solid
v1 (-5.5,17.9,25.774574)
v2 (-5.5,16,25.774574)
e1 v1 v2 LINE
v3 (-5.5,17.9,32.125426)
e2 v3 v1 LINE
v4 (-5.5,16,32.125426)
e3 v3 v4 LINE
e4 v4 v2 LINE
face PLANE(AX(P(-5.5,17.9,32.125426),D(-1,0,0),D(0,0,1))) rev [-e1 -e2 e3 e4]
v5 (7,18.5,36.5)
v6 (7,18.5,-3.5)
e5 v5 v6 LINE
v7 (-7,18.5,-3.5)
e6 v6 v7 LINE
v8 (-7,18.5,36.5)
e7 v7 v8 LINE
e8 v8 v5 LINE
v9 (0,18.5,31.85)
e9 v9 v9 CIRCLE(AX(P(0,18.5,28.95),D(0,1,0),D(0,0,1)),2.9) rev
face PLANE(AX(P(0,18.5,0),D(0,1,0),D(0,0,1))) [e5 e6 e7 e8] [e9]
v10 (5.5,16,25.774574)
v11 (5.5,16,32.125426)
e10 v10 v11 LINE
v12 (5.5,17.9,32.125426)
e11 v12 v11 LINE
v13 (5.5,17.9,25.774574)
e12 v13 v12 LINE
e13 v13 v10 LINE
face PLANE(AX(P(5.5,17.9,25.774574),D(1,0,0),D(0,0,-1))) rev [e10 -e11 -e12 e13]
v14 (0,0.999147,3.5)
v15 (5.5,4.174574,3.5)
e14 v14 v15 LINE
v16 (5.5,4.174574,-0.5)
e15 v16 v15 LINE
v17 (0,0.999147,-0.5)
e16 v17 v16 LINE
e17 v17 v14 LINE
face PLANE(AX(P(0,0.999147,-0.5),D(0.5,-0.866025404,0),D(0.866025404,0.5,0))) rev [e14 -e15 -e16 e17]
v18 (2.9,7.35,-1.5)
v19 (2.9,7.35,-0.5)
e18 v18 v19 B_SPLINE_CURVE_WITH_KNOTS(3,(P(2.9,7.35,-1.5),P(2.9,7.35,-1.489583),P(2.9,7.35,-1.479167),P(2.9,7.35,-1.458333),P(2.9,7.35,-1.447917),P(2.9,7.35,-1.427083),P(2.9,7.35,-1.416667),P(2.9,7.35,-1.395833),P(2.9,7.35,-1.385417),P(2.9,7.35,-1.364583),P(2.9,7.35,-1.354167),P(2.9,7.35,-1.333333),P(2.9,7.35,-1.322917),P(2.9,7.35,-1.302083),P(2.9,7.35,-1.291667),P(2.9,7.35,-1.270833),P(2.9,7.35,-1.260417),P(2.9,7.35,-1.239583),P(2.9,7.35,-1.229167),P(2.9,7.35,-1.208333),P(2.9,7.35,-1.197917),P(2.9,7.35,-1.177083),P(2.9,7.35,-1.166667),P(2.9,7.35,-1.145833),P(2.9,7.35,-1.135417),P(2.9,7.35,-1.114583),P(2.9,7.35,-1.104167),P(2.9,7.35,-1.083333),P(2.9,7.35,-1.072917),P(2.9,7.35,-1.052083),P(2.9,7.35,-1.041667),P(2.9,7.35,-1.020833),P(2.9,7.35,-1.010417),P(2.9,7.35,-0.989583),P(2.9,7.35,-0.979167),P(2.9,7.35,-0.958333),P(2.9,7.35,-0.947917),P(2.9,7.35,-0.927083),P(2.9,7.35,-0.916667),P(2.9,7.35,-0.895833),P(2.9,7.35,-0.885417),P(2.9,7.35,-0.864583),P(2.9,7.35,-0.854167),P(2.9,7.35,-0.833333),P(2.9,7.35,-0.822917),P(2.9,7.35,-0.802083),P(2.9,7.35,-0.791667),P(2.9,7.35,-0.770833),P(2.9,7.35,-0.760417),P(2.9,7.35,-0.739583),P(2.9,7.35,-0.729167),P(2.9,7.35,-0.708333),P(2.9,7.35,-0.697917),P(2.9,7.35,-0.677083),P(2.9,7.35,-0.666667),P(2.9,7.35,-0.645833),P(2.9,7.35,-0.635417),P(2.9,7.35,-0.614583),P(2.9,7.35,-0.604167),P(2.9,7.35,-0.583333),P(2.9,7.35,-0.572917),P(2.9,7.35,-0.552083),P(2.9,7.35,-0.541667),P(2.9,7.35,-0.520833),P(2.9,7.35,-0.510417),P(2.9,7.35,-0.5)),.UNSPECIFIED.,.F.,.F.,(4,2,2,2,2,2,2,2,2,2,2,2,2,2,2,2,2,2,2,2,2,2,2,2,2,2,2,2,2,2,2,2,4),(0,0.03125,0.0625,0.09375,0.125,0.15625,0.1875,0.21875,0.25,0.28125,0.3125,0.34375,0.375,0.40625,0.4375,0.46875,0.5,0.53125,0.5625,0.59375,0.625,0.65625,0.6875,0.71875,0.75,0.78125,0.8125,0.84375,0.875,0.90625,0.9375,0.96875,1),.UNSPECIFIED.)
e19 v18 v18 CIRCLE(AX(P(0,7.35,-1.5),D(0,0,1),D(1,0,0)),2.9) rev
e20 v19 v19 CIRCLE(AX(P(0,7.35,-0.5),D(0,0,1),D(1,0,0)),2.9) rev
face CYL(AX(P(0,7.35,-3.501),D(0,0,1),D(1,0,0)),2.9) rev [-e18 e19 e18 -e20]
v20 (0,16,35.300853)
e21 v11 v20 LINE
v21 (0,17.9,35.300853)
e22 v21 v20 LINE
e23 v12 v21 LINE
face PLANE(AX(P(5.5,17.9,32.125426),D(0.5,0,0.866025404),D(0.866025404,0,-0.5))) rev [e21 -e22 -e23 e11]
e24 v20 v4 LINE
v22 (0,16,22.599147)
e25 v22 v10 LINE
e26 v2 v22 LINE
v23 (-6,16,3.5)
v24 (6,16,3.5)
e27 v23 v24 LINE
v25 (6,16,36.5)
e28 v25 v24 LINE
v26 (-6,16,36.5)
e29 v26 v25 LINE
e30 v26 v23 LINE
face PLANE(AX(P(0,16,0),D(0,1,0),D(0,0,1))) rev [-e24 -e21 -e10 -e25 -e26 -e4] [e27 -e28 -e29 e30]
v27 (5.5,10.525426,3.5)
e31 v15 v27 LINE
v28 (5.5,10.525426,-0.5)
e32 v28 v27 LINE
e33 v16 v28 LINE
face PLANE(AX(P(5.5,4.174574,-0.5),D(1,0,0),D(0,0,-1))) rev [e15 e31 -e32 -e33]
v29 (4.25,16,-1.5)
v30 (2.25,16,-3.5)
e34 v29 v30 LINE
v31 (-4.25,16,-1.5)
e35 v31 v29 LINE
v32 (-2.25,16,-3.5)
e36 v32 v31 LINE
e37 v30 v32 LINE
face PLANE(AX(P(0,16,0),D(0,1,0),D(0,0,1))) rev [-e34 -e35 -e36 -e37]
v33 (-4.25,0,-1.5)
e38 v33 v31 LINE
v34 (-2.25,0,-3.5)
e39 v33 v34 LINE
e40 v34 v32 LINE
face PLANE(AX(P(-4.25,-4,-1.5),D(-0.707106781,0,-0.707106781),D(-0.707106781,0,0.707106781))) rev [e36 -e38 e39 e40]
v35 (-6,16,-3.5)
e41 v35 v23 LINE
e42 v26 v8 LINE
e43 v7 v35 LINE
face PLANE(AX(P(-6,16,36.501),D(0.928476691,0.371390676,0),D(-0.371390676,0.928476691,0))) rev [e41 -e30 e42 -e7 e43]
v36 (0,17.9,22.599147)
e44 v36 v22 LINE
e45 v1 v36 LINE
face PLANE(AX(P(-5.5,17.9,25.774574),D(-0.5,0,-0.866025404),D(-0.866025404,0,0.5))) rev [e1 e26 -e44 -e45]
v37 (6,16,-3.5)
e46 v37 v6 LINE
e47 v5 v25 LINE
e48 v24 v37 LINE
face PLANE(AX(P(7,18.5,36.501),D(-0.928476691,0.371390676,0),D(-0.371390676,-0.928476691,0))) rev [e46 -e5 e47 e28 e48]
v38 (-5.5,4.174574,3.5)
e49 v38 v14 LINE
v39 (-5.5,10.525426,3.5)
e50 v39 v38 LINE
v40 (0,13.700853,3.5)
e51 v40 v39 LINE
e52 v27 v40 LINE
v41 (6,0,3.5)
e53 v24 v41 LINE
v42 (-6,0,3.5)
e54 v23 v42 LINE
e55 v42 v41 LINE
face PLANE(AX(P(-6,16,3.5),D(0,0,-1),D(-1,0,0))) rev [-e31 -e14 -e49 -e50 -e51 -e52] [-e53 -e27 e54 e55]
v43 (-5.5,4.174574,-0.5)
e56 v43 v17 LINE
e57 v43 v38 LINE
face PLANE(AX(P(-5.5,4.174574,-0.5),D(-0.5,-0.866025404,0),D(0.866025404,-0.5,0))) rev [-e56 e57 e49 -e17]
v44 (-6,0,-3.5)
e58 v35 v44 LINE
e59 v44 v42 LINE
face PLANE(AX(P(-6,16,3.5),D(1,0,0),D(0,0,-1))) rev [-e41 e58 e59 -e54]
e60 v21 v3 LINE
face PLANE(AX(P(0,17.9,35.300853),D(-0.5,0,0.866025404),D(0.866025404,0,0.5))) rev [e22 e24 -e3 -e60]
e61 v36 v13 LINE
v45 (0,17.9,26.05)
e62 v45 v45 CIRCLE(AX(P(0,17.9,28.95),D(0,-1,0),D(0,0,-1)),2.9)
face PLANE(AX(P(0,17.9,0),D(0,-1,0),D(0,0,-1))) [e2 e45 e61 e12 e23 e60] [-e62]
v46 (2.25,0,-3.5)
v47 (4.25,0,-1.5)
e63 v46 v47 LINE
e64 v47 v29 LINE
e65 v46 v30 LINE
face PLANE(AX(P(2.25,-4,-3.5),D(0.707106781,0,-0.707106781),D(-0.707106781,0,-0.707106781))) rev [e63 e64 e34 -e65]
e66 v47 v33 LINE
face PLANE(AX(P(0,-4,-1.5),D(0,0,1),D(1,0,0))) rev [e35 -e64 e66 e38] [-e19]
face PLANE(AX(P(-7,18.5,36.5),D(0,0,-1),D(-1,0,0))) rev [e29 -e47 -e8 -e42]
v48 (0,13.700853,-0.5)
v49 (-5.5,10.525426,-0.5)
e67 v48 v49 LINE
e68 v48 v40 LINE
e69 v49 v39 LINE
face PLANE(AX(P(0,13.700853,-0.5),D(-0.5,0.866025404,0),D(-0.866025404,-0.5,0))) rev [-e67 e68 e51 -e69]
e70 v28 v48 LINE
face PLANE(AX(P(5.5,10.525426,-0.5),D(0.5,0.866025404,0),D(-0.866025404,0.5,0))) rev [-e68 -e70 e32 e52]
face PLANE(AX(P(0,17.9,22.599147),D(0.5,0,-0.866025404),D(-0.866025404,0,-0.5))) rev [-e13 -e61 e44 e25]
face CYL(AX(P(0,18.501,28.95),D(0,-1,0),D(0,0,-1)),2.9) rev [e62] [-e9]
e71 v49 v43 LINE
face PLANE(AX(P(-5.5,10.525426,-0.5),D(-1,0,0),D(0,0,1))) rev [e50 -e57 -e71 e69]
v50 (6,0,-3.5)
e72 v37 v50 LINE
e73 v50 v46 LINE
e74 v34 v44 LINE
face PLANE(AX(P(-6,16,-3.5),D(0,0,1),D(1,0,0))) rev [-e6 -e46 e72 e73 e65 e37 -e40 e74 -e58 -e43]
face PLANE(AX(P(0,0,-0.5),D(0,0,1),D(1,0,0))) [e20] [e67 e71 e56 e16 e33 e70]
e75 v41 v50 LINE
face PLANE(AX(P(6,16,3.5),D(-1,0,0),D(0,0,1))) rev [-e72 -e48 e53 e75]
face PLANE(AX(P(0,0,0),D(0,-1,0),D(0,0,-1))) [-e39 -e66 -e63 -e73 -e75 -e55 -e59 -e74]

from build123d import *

# Parameters (mm, degrees)
SKETCH1_W           = 12
SKETCH1_H           = 7
BOSS_EXTRUDE1_DEPTH = 16
CUT_EXTRUDE1_DEPTH  = 20
CUT_EXTRUDE2_REACH  = 20.466
SKETCH3_R           = 2.9
CUT_EXTRUDE3_DEPTH  = 4
SKETCH5_W           = 14
SKETCH5_H           = 40
BOSS_EXTRUDE2_DEPTH = 2.5
CUT_EXTRUDE4_REACH  = 46.623
CUT_EXTRUDE6_DEPTH  = 1.9
CUT_EXTRUDE7_REACH  = 43.251
SKETCH9_R           = 2.9


with BuildPart() as part:
    # Sketch1 → Boss-Extrude1 (new body)
    with BuildSketch(Plane(origin=(0, 0, 0), x_dir=(1, 0, 0), z_dir=(0, 1, 0))):
        Rectangle(SKETCH1_W, SKETCH1_H)
    extrude(amount=BOSS_EXTRUDE1_DEPTH)

    # Sketch2 → Cut-Extrude1 (cut)
    with BuildSketch(Plane(origin=(0, 16, 0), x_dir=(1, 0, 0), z_dir=(0, 1, 0))):
        Polygon((0, 3.5), (2.25, 3.5), (4.25, 1.5), (0, 1.5), (-4.25, 1.5), (-2.25, 3.5), align=None)
    extrude(amount=-CUT_EXTRUDE1_DEPTH, mode=Mode.SUBTRACT)

    # Sketch3 → Cut-Extrude2 (cut, up to next)
    with BuildSketch(Plane.XY.offset(3.5), mode=Mode.PRIVATE) as cut_extrude2_sk1:
        with Locations((0, 7.35)):
            Circle(SKETCH3_R)
    cut_extrude2_tool1 = extrude(cut_extrude2_sk1.sketch, amount=-CUT_EXTRUDE2_REACH, mode=Mode.PRIVATE) & part.part
    add(cut_extrude2_tool1.solids().sort_by_distance((0, 7.35, 3.5))[0], mode=Mode.SUBTRACT)

    # Sketch4 → Cut-Extrude3 (cut)
    with BuildSketch(Plane.XY.offset(3.5)):
        Polygon((0, 13.700852961), (-5.5, 10.525426481), (-5.5, 4.174573519), (0, 0.999147039), (5.5, 4.174573519), (5.5, 10.525426481), align=None)
    extrude(amount=-CUT_EXTRUDE3_DEPTH, mode=Mode.SUBTRACT)

    # Sketch5 → Boss-Extrude2 (add)
    with BuildSketch(Plane(origin=(0, 16, 0), x_dir=(1, 0, 0), z_dir=(0, 1, 0))):
        with Locations((0, -16.5)):
            Rectangle(SKETCH5_W, SKETCH5_H)
    extrude(amount=BOSS_EXTRUDE2_DEPTH)

    # Sketch6 → Cut-Extrude4 (cut, up to next)
    with BuildSketch(Plane(origin=(0, 0, -3.5), x_dir=(-1, 0, 0), z_dir=(0, 0, -1)), mode=Mode.PRIVATE) as cut_extrude4_sk1:
        Polygon((-7, 16), (-7, 18.5), (-6, 16), align=None)
    cut_extrude4_tool1 = extrude(cut_extrude4_sk1.sketch, amount=-CUT_EXTRUDE4_REACH, mode=Mode.PRIVATE) & part.part
    # Sketch6 → Cut-Extrude4 (cut, up to next)
    with BuildSketch(Plane(origin=(0, 0, -3.5), x_dir=(-1, 0, 0), z_dir=(0, 0, -1)), mode=Mode.PRIVATE) as cut_extrude4_sk2:
        Polygon((7, 16), (6, 16), (7, 18.5), align=None)
    cut_extrude4_tool2 = extrude(cut_extrude4_sk2.sketch, amount=-CUT_EXTRUDE4_REACH, mode=Mode.PRIVATE) & part.part
    add(cut_extrude4_tool1.solids().sort_by_distance((6.666667, 16.833333, -3.5))[0], mode=Mode.SUBTRACT)
    add(cut_extrude4_tool2.solids().sort_by_distance((-6.666667, 16.833333, -3.5))[0], mode=Mode.SUBTRACT)

    # Sketch8 → Cut-Extrude6 (cut)
    with BuildSketch(Plane.XZ.offset(-16)):
        Polygon((0, 22.599147039), (5.5, 25.774573519), (5.5, 32.125426481), (0, 35.300852961), (-5.5, 32.125426481), (-5.5, 25.774573519), align=None)
    extrude(amount=-CUT_EXTRUDE6_DEPTH, mode=Mode.SUBTRACT)

    # Sketch9 → Cut-Extrude7 (cut, up to next)
    with BuildSketch(Plane(origin=(0, 17.9, 0), x_dir=(-1, 0, 0), z_dir=(0, -1, 0)), mode=Mode.PRIVATE) as cut_extrude7_sk1:
        with Locations(Location((0, -28.95, 0), (0, 0, 90))):
            Circle(SKETCH9_R)
    cut_extrude7_tool1 = extrude(cut_extrude7_sk1.sketch, amount=-CUT_EXTRUDE7_REACH, mode=Mode.PRIVATE) & part.part
    add(cut_extrude7_tool1.solids().sort_by_distance((0, 17.9, 28.95))[0], mode=Mode.SUBTRACT)


solid = part.part
